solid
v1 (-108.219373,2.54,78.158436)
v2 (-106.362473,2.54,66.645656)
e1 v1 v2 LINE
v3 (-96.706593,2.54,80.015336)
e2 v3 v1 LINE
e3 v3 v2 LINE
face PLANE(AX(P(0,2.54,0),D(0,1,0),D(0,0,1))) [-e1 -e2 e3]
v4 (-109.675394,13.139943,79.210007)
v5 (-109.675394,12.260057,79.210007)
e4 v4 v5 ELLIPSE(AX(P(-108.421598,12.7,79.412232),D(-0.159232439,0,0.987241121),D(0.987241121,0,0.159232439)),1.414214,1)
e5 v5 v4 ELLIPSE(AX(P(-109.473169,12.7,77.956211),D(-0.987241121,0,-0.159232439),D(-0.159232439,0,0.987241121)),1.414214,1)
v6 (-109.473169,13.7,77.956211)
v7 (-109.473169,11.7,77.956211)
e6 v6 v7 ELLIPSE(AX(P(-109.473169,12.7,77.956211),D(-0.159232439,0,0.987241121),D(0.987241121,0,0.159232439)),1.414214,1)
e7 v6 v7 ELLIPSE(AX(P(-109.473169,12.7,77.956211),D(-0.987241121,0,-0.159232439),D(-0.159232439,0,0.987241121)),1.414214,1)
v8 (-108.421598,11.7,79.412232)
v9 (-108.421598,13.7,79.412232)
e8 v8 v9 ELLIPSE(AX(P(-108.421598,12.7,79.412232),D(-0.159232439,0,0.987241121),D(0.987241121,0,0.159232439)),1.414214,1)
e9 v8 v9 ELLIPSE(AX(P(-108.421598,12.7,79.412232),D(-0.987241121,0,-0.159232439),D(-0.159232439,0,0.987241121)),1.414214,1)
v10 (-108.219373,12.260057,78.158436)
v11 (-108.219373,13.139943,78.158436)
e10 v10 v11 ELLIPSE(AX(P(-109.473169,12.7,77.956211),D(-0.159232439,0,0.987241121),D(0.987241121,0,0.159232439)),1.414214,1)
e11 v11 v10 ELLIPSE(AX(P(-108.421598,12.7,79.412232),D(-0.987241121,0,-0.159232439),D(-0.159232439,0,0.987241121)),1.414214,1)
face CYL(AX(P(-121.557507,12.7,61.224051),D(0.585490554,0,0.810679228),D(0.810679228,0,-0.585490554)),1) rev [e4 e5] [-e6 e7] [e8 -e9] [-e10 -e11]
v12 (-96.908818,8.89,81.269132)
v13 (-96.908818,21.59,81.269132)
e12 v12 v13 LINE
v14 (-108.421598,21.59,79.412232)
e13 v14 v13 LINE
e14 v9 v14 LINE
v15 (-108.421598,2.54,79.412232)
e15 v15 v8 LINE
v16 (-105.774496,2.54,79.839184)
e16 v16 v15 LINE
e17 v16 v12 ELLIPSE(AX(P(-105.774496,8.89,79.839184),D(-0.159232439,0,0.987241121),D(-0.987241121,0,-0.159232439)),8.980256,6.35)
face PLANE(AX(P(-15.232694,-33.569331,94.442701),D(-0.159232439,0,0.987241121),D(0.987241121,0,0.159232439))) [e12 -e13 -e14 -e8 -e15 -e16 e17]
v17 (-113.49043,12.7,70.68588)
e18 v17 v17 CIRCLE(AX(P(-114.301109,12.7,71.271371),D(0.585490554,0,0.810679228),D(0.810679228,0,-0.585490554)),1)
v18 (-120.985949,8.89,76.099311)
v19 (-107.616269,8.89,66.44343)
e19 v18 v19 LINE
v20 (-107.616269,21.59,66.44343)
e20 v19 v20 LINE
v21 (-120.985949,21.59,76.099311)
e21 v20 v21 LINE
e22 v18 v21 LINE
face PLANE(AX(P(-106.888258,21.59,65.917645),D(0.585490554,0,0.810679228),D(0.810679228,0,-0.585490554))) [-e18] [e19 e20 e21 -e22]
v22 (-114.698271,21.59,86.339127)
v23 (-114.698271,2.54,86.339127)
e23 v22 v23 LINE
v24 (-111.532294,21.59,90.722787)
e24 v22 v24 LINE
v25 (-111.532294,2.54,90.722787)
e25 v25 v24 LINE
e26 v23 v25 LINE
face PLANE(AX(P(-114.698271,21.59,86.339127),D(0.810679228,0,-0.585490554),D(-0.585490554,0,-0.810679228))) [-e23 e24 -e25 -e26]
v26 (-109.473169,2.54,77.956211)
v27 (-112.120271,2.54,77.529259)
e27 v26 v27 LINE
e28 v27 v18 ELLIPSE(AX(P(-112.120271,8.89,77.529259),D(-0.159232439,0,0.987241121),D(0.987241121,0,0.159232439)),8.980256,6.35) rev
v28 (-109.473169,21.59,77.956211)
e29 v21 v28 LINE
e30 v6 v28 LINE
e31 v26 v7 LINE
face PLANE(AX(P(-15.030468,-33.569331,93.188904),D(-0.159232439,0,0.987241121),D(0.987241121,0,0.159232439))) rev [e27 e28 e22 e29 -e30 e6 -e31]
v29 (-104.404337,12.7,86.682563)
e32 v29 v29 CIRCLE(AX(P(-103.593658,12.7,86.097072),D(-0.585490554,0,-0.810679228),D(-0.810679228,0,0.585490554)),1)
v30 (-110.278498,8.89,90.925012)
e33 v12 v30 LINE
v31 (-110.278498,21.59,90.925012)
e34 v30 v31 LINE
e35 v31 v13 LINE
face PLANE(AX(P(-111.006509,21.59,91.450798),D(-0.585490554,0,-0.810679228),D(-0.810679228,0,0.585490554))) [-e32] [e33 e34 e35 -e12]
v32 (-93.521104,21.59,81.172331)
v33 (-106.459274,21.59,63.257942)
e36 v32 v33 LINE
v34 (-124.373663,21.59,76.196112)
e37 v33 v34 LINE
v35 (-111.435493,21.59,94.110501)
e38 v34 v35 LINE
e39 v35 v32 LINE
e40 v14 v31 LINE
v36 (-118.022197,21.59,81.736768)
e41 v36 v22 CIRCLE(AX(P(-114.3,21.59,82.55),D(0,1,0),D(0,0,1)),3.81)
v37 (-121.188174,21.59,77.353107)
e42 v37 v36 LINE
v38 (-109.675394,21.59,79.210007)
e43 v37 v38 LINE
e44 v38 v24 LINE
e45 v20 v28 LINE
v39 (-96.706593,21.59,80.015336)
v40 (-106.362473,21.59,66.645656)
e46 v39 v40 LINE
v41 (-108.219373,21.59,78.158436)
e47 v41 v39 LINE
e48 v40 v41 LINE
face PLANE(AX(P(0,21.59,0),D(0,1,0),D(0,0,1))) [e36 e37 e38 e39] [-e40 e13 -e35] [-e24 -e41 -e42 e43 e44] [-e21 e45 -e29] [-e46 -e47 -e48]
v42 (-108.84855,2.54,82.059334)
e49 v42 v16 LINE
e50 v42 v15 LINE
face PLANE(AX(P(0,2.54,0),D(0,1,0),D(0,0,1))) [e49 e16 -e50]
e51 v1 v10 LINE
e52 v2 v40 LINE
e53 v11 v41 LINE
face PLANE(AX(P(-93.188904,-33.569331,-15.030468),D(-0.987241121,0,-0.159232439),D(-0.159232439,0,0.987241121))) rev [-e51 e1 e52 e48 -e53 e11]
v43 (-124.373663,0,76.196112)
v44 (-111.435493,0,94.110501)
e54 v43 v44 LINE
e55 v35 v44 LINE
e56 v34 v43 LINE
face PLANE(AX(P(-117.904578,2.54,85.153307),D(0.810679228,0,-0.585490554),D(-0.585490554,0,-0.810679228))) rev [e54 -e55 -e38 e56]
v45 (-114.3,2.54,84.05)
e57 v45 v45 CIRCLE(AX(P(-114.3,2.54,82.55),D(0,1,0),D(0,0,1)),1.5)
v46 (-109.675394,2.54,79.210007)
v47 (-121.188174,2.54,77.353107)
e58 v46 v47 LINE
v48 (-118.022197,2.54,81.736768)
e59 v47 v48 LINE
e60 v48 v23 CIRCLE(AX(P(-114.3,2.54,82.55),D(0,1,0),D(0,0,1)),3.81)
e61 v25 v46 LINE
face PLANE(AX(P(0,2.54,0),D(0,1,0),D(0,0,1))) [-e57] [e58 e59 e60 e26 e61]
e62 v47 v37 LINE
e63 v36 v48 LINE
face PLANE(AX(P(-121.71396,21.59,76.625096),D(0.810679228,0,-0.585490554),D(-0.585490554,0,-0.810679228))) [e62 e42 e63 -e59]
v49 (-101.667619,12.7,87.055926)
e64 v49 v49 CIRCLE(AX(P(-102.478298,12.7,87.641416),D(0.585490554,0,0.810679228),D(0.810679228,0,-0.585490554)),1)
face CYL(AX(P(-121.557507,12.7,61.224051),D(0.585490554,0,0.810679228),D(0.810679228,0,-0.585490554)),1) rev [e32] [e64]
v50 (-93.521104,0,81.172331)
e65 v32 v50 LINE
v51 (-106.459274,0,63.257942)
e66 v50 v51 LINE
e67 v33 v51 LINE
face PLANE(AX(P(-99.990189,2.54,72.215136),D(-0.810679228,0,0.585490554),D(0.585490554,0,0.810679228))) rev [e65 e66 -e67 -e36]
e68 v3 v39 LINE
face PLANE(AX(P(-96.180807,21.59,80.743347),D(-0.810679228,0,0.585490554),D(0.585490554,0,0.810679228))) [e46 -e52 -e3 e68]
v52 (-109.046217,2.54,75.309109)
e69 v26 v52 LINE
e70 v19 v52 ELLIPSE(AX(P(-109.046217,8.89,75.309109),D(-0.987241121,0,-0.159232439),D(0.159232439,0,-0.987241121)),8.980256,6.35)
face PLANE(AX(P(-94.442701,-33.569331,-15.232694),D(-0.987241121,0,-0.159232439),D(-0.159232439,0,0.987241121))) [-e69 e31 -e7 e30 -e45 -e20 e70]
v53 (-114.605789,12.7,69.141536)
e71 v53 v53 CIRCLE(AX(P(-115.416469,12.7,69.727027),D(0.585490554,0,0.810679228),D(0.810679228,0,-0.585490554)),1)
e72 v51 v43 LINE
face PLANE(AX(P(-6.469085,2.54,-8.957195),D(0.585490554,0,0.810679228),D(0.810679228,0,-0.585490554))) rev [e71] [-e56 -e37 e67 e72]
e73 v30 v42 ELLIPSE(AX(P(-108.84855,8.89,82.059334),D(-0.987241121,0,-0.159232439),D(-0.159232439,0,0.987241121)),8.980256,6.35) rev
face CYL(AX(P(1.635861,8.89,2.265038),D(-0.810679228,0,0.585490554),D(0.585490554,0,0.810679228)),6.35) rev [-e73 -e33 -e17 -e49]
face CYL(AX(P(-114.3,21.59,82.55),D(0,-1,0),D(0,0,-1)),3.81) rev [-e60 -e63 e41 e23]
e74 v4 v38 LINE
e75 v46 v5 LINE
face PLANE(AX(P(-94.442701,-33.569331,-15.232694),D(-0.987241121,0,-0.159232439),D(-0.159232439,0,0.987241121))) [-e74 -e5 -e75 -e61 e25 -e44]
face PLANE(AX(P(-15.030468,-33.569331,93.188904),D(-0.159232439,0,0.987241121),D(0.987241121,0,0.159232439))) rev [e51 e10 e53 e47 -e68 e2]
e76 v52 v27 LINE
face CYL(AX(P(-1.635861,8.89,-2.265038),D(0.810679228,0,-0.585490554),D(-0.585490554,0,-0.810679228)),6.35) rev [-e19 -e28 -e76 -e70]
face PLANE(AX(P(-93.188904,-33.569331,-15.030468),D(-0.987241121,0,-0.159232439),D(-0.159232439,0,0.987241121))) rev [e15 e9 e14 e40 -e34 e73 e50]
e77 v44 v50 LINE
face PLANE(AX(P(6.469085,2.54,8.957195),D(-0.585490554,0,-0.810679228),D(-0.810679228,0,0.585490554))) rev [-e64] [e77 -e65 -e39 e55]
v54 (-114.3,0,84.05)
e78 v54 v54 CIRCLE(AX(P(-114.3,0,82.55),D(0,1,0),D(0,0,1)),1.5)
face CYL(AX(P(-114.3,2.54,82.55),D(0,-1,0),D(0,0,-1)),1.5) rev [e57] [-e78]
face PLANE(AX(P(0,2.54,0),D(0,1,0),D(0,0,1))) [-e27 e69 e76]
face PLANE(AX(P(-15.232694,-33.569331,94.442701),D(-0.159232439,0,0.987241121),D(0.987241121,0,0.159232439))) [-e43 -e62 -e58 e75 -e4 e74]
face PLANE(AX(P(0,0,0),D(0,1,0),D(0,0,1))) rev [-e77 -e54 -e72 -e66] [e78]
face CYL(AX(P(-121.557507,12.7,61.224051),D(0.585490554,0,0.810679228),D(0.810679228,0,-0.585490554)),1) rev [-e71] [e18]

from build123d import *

# Parameters (mm, degrees)
SKETCH1_R           = 1.5
BOSS_EXTRUDE2_DEPTH = 2.54
BOSS_EXTRUDE3_DEPTH = 19.05
BOSS_EXTRUDE6_DEPTH = 19.05
SKETCH4_R           = 1
CUT_EXTRUDE1_DEPTH  = 158.597711186
FILLET1_R           = 6.35


with BuildPart() as part:
    # Sketch1 → Boss-Extrude2 (new body)
    with BuildSketch(Plane(origin=(0, 0, 0), x_dir=(1, 0, 0), z_dir=(0, 1, 0))):
        Polygon((-93.521103592, -81.172331094), (-106.459273851, -63.257941504), (-124.37366344, -76.196111763), (-111.435493182, -94.110501353), align=None)
        with Locations(Location((-114.3, -82.55, 0), (0, 0, 270))):
            Circle(SKETCH1_R, mode=Mode.SUBTRACT)
    extrude(amount=BOSS_EXTRUDE2_DEPTH)

    # Sketch2 → Boss-Extrude3 (add)
    with BuildSketch(Plane(origin=(0, 2.54, 0), x_dir=(1, 0, 0), z_dir=(0, 1, 0))):
        Polygon((-106.459273851, -63.257941504), (-124.37366344, -76.196111763), (-111.435493182, -94.110501353), (-93.521103592, -81.172331094), align=None)
        with BuildLine():
            Line((-106.888258276, -65.91764494), (-121.713960005, -76.625096188))
            Line((-121.713960005, -76.625096188), (-118.022197338, -81.736767574))
            ThreePointArc((-118.022197338, -81.736767574), (-117.38868786, -84.78071901), (-114.698271424, -86.339126532))
            Line((-114.698271424, -86.339126532), (-111.006508757, -91.450797917))
            Line((-111.006508757, -91.450797917), (-96.180807028, -80.743346669))
            Line((-96.180807028, -80.743346669), (-106.888258276, -65.91764494))
        make_face(mode=Mode.SUBTRACT)
    extrude(amount=BOSS_EXTRUDE3_DEPTH)

    # Sketch3 → Boss-Extrude6 (add)
    with BuildSketch(Plane(origin=(0, 21.59, 0), x_dir=(1, 0, 0), z_dir=(0, 1, 0))):
        Polygon((-121.713960005, -76.625096188), (-121.188174492, -77.353106899), (-109.675394227, -79.210006941), (-111.53229427, -90.722787207), (-111.006508757, -91.450797917), (-110.278498046, -90.925012404), (-108.421598003, -79.412232139), (-96.908817738, -81.269132182), (-96.180807028, -80.743346669), (-96.706592541, -80.015335958), (-108.219372806, -78.158435915), (-106.362472763, -66.64565565), (-106.888258276, -65.91764494), (-107.616268987, -66.443430453), (-109.473169029, -77.956210718), (-120.985949295, -76.099310675), align=None)
    extrude(amount=-BOSS_EXTRUDE6_DEPTH)

    # Sketch4 → Cut-Extrude1 (cut, through all)
    with BuildSketch(Plane(origin=(6.469085129, 0, 8.957194795), x_dir=(0.8106792283998809, 0, -0.5854905538443587), z_dir=(0.5854905538443586, 0, 0.8106792283998808))):
        with Locations(Location((-134.390249188, 12.7, 0), (0, 0, 90))):
            Circle(SKETCH4_R)
    extrude(amount=-CUT_EXTRUDE1_DEPTH, mode=Mode.SUBTRACT)

    # Fillet1
    fillet1_edges = [part.edges().sort_by_distance(p)[0] for p in [
        (-103.593657892, 2.54, 86.097072293),
        (-114.301109141, 2.54, 71.271370564),
    ]]
    fillet(fillet1_edges, radius=FILLET1_R)


solid = part.part
